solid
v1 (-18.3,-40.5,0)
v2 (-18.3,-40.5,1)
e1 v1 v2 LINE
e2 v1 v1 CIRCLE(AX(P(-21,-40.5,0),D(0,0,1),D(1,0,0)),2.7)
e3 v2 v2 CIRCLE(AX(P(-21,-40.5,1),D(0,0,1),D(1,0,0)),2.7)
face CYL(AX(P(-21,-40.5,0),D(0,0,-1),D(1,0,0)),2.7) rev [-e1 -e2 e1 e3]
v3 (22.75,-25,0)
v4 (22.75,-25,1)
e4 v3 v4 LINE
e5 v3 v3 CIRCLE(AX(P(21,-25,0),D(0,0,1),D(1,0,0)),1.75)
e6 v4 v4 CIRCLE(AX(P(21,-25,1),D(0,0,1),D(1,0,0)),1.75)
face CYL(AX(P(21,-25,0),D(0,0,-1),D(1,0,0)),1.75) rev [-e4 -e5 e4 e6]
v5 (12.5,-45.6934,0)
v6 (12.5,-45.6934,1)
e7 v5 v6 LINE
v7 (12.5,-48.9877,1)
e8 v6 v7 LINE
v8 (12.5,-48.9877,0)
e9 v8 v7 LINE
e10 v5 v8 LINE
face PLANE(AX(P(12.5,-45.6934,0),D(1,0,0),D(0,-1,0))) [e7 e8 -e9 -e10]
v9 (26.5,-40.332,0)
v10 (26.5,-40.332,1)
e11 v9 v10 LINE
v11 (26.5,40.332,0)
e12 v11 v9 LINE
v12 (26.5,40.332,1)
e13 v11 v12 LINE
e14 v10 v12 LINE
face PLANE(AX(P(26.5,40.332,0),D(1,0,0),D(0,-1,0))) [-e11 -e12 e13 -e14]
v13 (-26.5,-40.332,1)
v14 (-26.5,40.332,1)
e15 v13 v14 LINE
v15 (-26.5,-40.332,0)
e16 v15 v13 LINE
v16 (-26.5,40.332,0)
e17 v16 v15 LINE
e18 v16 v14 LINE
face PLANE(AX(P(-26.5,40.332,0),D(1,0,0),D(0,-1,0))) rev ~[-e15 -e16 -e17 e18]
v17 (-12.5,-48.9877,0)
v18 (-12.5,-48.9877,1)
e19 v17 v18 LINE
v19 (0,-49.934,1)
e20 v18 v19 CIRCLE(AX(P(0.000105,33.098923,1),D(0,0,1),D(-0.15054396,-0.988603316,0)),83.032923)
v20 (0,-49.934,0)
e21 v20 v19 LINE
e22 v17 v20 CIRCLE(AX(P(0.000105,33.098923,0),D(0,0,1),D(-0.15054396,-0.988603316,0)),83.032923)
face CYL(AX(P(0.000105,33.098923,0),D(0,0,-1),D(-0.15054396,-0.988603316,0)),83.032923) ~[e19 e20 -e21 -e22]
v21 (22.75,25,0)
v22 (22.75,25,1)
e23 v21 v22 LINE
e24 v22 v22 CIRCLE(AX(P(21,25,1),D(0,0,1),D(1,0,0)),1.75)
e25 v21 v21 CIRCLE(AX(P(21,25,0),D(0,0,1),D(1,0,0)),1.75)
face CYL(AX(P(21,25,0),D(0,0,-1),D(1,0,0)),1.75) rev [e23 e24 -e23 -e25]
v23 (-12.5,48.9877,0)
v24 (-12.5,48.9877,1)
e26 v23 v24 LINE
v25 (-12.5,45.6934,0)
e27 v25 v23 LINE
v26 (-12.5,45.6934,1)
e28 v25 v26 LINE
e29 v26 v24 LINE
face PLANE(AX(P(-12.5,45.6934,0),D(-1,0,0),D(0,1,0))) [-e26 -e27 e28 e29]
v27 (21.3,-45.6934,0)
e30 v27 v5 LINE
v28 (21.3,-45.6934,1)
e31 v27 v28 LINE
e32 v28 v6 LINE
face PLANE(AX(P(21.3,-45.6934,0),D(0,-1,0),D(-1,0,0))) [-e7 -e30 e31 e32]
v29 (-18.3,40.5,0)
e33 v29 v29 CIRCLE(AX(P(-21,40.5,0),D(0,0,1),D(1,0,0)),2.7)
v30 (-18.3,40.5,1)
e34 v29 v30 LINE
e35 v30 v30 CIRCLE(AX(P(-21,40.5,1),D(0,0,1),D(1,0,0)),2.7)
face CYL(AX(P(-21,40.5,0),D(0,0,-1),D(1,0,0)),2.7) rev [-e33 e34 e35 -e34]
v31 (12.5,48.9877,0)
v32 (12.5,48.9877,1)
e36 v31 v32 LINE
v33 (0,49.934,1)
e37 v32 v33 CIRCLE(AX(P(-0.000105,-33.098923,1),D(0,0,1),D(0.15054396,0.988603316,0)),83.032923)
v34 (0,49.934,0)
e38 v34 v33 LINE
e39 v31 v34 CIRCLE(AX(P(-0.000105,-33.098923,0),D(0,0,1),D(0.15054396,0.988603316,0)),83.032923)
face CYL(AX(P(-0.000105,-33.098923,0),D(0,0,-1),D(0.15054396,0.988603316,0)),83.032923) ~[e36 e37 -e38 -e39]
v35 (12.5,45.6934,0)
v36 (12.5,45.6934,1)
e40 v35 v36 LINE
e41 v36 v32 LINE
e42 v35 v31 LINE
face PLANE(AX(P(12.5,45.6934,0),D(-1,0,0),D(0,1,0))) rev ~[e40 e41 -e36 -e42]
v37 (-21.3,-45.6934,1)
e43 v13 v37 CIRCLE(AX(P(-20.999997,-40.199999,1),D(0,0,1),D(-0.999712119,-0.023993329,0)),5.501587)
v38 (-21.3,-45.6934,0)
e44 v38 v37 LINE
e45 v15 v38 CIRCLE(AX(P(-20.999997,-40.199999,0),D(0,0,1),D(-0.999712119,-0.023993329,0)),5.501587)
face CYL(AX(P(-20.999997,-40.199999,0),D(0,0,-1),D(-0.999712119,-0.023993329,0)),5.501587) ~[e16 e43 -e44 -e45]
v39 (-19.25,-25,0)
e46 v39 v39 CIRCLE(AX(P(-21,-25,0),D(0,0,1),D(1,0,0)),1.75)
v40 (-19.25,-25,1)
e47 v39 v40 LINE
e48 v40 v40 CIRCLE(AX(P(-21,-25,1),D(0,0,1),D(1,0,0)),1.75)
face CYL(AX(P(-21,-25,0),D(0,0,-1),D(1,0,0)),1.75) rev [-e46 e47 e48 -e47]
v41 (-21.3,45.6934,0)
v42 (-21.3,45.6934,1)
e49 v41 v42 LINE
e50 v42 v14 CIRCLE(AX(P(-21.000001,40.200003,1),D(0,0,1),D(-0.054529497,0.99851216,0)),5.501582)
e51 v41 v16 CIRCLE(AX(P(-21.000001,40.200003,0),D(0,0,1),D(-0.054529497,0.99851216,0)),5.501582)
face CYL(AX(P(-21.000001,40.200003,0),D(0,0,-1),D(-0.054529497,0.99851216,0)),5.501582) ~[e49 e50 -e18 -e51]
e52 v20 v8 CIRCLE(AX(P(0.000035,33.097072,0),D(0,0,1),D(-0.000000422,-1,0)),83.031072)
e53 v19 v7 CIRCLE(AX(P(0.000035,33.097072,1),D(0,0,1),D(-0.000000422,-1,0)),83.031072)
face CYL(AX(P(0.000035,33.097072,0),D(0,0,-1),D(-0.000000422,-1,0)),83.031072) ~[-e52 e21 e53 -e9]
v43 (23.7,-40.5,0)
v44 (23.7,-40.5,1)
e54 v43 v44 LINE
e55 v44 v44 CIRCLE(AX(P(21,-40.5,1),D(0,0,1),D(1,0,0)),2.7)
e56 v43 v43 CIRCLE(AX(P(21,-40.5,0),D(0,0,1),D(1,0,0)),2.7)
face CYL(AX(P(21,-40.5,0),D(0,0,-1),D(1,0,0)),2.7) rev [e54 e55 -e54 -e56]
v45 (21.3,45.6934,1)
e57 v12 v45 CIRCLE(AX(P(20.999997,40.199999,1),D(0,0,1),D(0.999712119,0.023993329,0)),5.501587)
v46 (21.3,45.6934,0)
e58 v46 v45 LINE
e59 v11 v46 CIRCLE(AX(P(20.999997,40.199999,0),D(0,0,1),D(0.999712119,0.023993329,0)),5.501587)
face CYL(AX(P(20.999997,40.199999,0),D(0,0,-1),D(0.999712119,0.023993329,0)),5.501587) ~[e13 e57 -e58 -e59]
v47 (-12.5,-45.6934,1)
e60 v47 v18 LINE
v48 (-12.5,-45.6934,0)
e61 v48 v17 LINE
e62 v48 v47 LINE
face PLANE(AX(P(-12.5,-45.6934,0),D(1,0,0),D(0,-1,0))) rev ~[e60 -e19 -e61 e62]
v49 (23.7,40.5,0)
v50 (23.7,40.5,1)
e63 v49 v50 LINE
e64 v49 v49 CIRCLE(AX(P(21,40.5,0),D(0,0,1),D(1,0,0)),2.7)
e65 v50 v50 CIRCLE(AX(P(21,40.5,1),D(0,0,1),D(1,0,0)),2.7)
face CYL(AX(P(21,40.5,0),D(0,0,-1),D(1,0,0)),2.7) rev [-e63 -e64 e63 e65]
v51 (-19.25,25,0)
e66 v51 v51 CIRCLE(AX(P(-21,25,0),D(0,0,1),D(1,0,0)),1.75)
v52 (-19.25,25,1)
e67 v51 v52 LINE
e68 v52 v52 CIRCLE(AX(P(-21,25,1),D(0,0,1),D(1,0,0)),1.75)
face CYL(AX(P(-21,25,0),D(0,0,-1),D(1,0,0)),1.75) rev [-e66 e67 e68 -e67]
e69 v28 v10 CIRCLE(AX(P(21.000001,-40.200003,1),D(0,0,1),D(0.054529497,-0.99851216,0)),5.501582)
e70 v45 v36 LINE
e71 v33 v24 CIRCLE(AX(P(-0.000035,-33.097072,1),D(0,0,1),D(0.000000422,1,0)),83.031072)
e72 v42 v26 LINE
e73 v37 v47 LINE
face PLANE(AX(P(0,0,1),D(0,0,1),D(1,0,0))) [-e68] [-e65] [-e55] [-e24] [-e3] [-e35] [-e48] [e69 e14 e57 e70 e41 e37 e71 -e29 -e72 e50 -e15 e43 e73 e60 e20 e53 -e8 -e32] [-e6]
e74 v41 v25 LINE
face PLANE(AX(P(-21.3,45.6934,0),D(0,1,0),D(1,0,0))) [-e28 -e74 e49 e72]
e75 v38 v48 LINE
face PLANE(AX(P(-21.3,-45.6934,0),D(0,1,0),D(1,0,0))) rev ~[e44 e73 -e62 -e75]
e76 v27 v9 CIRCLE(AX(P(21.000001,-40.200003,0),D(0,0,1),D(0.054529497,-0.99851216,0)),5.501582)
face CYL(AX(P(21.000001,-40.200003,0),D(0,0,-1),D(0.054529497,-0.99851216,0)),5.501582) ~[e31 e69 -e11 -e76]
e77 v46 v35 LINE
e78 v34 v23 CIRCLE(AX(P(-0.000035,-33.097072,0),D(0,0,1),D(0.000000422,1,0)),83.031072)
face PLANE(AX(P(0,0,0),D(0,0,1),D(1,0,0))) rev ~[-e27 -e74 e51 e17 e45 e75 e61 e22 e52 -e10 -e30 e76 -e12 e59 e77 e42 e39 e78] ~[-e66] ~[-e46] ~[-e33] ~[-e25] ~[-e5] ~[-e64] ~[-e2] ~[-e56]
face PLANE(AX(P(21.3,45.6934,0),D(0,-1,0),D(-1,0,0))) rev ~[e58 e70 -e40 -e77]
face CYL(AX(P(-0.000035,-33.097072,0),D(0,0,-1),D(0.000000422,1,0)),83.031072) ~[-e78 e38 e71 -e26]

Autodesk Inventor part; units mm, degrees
ref_plane "YZ Plane" through (0, 0, 0) normal (1, 0, 0) x (0, 1, 0)
ref_plane "XZ Plane" through (0, 0, 0) normal (0, 1, 0) x (-1, 0, 0)
ref_plane "XY Plane" through (0, 0, 0) normal (0, 0, 1) x (1, 0, 0)
sketch "Эскиз3" plane through (0, 0, 0) normal (0, 0, 1) x (1, 0, 0)
  circle A0 centre (-21, 40.5) radius 2.7
  line L0 (0, 0) -> (8.3957, 0)
  line L1 (0, 0) -> (0, -7.8184)
  circle A1 centre (21, 40.5) radius 2.7
  circle A2 centre (-21, -40.5) radius 2.7
  circle A3 centre (21, -40.5) radius 2.7
  circle A4 centre (-21, 25) radius 1.75
  circle A5 centre (21, 25) radius 1.75
  circle A6 centre (-21, -25) radius 1.75
  circle A7 centre (21, -25) radius 1.75
  line L2 (-26.5, 40.332) -> (-26.5, 0)
  arc A8 (-21.3, 45.6934) -> (-26.5, 40.332) centre (-21, 40.2) ccw
  line L3 (-21.3, 45.6934) -> (-12.5, 45.6934)
  line L4 (-12.5, 45.6934) -> (-12.5, 48.9877)
  arc A9 (0, 49.934) -> (-12.5, 48.9877) centre (0, -33.098) ccw
  line L5 (-26.5, -40.332) -> (-26.5, 0)
  arc A10 (-26.5, -40.332) -> (-21.3, -45.6934) centre (-21, -40.2) ccw
  line L6 (-21.3, -45.6934) -> (-12.5, -45.6934)
  line L7 (-12.5, -45.6934) -> (-12.5, -48.9877)
  arc A11 (-12.5, -48.9877) -> (0, -49.934) centre (0, 33.098) ccw
  line L8 (26.5, 40.332) -> (26.5, 0)
  arc A12 (26.5, 40.332) -> (21.3, 45.6934) centre (21, 40.2) ccw
  line L9 (21.3, 45.6934) -> (12.5, 45.6934)
  line L10 (12.5, 45.6934) -> (12.5, 48.9877)
  arc A13 (12.5, 48.9877) -> (0, 49.934) centre (0, -33.098) ccw
  line L11 (26.5, -40.332) -> (26.5, 0)
  arc A14 (21.3, -45.6934) -> (26.5, -40.332) centre (21, -40.2) ccw
  line L12 (21.3, -45.6934) -> (12.5, -45.6934)
  arc A15 (0, -49.934) -> (12.5, -48.9877) centre (0, 33.098) ccw
  line L13 (12.5, -45.6934) -> (12.5, -48.9877)
  circle A16 centre (-10, 38.5) radius 1.75
  circle A17 centre (10, 38.5) radius 1.75
  circle A18 centre (-10, -38.5) radius 1.75
  circle A19 centre (10, -38.5) radius 1.75
  dimension "d19" = 5.4
  dimension "d20" = 42
  dimension "d21" = 81
  dimension "d22" = 3.5
  dimension "d23" = 42
  dimension "d24" = 50
  dimension "d25" = 0
  dimension "d26" = 53
  dimension "d27" = 0.168
  dimension "d28" = 0
  dimension "d29" = 0.3
  dimension "d31" = 12.5
  dimension "d32" = 73.298
  dimension "d33" = 83.032
  dimension "d34" = 0
  dimension "d35" = 0.3
  dimension "d38" = 3.5
  dimension "d39" = 20
  dimension "d40" = 77
extrude "Тело" add sketch "Эскиз3" along normal blind 1 contours A8 L3 L4 A9 A13 L10 L9 A12 L8 L11 A14 L12 L13 A15 A11 L7 L6 A10 L5 L2 | A16 | A17 | A18 | A19
properties part number "board_outline"
